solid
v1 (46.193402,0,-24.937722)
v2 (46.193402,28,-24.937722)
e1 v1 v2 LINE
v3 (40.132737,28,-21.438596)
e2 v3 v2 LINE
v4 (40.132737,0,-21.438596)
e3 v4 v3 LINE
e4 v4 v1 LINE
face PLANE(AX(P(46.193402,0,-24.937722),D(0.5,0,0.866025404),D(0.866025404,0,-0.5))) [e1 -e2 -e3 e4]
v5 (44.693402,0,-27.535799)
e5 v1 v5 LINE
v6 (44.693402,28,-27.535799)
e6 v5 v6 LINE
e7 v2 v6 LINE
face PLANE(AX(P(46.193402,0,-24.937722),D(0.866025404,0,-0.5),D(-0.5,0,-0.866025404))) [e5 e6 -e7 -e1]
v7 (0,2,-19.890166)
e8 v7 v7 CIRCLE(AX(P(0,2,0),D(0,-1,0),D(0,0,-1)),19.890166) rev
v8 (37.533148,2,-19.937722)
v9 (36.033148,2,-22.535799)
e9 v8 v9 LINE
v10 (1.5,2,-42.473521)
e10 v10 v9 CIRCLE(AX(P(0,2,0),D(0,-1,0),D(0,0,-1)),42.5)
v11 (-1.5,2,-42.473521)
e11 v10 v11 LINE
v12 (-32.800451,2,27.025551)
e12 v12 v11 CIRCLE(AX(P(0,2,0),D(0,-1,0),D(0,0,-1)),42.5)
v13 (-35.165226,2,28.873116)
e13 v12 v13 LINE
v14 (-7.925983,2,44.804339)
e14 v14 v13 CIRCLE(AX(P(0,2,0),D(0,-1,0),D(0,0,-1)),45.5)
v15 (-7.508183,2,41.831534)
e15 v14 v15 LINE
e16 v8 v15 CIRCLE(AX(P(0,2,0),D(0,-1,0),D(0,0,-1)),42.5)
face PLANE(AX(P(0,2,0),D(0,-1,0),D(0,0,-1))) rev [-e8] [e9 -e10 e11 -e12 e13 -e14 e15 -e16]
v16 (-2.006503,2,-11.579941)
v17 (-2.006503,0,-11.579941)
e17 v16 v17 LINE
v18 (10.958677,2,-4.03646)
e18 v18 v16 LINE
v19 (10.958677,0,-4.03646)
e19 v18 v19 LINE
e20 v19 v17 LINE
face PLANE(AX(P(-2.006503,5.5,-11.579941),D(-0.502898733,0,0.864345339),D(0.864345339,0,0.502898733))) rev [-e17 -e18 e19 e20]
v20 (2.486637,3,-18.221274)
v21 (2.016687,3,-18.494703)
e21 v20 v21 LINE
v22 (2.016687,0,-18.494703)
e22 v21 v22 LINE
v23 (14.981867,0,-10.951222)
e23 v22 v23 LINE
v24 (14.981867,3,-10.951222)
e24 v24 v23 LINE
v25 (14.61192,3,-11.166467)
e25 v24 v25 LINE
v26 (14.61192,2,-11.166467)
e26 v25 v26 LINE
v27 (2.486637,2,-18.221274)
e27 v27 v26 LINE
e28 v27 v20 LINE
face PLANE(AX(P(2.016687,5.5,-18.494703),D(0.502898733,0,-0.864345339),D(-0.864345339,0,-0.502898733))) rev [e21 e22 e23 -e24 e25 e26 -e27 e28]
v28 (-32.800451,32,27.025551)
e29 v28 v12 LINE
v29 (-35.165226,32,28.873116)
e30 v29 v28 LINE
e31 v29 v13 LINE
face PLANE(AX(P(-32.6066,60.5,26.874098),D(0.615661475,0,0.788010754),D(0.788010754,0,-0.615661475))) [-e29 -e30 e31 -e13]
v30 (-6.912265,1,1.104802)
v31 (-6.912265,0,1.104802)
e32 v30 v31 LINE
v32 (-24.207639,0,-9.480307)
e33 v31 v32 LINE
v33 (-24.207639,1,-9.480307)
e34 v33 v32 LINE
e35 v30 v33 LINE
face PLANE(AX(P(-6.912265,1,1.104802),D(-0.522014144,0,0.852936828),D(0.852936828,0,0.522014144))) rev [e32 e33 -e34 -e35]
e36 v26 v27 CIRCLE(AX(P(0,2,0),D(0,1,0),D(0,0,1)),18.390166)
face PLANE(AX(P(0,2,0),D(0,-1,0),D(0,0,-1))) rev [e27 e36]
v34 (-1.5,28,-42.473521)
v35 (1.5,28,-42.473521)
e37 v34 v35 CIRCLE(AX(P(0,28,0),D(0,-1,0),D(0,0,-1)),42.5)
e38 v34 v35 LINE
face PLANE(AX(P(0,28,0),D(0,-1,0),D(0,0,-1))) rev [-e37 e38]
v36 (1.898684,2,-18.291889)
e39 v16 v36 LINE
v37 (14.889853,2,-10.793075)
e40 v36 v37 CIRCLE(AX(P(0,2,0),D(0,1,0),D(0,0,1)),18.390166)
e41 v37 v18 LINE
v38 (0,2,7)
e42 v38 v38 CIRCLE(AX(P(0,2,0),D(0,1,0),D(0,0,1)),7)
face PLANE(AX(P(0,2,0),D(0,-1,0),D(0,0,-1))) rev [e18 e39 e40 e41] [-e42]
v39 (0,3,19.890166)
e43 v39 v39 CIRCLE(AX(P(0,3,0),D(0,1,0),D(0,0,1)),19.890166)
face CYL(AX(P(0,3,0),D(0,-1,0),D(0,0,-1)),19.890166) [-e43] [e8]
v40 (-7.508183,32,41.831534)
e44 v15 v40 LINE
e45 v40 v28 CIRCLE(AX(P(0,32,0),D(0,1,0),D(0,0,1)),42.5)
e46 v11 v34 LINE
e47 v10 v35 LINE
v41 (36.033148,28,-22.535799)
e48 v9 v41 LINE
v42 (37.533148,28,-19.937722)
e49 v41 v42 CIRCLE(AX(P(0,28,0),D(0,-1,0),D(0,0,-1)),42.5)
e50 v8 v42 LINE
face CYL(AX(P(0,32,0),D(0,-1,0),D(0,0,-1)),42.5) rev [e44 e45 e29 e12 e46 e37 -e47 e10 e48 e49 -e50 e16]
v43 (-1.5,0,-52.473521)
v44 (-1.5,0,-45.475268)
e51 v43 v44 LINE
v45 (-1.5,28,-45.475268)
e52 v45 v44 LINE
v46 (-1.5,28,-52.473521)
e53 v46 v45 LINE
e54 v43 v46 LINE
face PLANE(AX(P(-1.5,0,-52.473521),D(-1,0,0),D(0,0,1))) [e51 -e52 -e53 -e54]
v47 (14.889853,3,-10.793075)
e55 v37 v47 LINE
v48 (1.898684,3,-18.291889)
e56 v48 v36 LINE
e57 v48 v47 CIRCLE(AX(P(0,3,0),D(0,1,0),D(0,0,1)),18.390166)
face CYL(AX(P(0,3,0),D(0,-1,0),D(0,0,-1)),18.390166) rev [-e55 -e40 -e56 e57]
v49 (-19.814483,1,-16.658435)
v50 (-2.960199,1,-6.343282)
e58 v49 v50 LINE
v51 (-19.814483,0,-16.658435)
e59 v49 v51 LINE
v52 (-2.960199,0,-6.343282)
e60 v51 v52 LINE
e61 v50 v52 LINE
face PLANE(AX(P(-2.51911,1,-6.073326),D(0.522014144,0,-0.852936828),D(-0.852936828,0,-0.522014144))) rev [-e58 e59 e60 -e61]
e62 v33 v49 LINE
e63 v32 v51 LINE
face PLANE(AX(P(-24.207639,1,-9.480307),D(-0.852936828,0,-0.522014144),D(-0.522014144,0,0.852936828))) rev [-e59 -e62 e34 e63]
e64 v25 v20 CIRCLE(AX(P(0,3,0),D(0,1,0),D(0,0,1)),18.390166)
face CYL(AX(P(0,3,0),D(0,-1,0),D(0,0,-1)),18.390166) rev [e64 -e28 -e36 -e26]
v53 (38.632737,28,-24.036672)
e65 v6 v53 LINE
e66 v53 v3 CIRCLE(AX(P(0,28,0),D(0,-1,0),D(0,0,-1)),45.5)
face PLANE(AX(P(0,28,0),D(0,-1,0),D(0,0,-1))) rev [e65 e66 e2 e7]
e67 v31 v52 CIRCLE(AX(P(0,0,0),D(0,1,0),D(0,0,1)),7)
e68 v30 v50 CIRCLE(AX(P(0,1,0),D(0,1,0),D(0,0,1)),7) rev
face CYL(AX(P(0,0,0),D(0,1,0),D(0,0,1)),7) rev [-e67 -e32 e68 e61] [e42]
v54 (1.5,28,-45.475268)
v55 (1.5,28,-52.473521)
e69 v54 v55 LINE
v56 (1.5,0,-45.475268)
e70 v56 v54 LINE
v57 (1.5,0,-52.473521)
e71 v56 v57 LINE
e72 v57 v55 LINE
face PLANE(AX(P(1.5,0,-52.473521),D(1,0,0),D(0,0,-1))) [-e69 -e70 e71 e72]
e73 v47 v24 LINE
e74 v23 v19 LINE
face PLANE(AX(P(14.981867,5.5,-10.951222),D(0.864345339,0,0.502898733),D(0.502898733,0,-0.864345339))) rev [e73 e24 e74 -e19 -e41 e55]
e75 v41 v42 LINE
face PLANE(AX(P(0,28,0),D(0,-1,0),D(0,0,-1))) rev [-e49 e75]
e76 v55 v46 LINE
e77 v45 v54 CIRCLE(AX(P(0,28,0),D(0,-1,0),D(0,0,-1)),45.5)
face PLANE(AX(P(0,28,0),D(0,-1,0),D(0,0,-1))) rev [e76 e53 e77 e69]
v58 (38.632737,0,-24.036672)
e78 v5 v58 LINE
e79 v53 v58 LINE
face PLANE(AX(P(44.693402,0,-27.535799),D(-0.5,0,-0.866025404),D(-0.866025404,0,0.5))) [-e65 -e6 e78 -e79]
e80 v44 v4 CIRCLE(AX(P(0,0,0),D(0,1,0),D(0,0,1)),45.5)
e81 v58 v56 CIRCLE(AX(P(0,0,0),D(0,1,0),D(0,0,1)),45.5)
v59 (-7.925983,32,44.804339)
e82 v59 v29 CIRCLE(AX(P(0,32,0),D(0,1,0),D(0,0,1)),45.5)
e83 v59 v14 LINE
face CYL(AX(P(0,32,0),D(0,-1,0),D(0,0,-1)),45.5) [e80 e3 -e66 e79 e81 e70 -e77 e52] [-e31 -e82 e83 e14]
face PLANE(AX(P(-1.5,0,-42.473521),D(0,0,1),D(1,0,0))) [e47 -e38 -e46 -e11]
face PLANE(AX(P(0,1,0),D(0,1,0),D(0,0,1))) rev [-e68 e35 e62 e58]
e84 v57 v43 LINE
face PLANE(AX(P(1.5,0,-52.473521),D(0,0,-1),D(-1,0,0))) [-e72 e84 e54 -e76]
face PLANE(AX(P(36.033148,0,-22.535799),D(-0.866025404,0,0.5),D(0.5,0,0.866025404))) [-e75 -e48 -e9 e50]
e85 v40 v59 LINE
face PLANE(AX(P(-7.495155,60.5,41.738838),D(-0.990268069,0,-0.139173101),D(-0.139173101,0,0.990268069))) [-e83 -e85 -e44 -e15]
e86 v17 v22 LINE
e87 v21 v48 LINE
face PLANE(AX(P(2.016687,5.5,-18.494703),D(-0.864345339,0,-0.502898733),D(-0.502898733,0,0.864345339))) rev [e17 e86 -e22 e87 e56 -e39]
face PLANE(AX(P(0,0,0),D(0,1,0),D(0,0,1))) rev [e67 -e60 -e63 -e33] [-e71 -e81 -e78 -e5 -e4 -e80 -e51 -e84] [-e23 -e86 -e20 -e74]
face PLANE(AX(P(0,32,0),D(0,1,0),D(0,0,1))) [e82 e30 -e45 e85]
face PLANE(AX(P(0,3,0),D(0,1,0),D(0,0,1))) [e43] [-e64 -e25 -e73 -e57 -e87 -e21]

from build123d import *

# Parameters (mm, degrees)
SKETCH1_R                = 45.5
SKETCH1_R_2              = 42.5
BOSS_EXTRUDE1_DEPTH      = 32
SKETCH2_R                = 45.5
BOSS_EXTRUDE2_DEPTH      = 2
SKETCH3_R                = 7
CUT_EXTRUDE1_DEPTH       = 2
SKETCH7_W                = 3
SKETCH7_H                = 10
BOSS_EXTRUDE4_DEPTH      = 26
BOSS_EXTRUDE4_DEPTH_BACK = 2
SKETCH8_R                = 19.890165718
SKETCH8_R_2              = 18.390165718
BOSS_EXTRUDE5_DEPTH      = 1
CUT_EXTRUDE4_DEPTH       = 5.5
CUT_EXTRUDE5_DEPTH       = 58.5
CUT_EXTRUDE6_DEPTH       = 1


with BuildPart() as part:
    # Sketch1 → Boss-Extrude1 (new body)
    with BuildSketch(Plane(origin=(0, 0, 0), x_dir=(1, 0, 0), z_dir=(0, 1, 0))):
        Circle(SKETCH1_R)
        Circle(SKETCH1_R_2, mode=Mode.SUBTRACT)
    extrude(amount=BOSS_EXTRUDE1_DEPTH)

    # Sketch2 → Boss-Extrude2 (add)
    with BuildSketch(Plane.XZ):
        Circle(SKETCH2_R)
    extrude(amount=-BOSS_EXTRUDE2_DEPTH)

    # Sketch3 → Cut-Extrude1 (cut)
    with BuildSketch(Plane(origin=(0, 2, 0), x_dir=(1, 0, 0), z_dir=(0, 1, 0))):
        Circle(SKETCH3_R)
    extrude(amount=-CUT_EXTRUDE1_DEPTH, mode=Mode.SUBTRACT)

    # Sketch7 → Boss-Extrude4 (add, two sides)
    with BuildSketch(Plane(origin=(0, 2, 0), x_dir=(1, 0, 0), z_dir=(0, 1, 0))) as boss_extrude4_sk:
        with Locations((0, 47.473521163)):
            Rectangle(SKETCH7_W, SKETCH7_H)
        Polygon((46.193402353, 24.937722476), (37.533148315, 19.937722476), (36.033148315, 22.535798687), (44.693402353, 27.535798687), align=None)
    extrude(amount=BOSS_EXTRUDE4_DEPTH)
    extrude(boss_extrude4_sk.sketch, amount=-BOSS_EXTRUDE4_DEPTH_BACK)

    # Sketch8 → Boss-Extrude5 (add)
    with BuildSketch(Plane(origin=(0, 2, 0), x_dir=(1, 0, 0), z_dir=(0, 1, 0))):
        Circle(SKETCH8_R)
        Circle(SKETCH8_R_2, mode=Mode.SUBTRACT)
    extrude(amount=BOSS_EXTRUDE5_DEPTH)

    # Sketch10 → Cut-Extrude4 (cut)
    with BuildSketch(Plane.XZ):
        Polygon((2.016687189, -18.494703278), (14.981867268, -10.951222284), (10.958677405, -4.036459575), (-2.006502675, -11.579940569), align=None)
    extrude(amount=-CUT_EXTRUDE4_DEPTH, mode=Mode.SUBTRACT)

    # Sketch11 → Cut-Extrude5 (cut)
    with BuildSketch(Plane(origin=(0, 2, 0), x_dir=(1, 0, 0), z_dir=(0, 1, 0))):
        Polygon((-32.606600292, -26.874098434), (-35.165226496, -28.87311631), (-33.824988888, -37.754161376), (-11.7382848, -48.772412552), (-7.925983096, -44.804338986), (-7.495155029, -41.738838001), (-9.978475631, -35.419229659), (-25.965270809, -26.874098434), align=None)
    extrude(amount=CUT_EXTRUDE5_DEPTH, mode=Mode.SUBTRACT)

    # Sketch12 → Cut-Extrude6 (cut)
    with BuildSketch(Plane.XZ):
        Polygon((-6.912265346, 1.104802147), (-24.20763883, -9.480307189), (-19.814483018, -16.658435267), (-2.519109534, -6.073325931), align=None)
    extrude(amount=-CUT_EXTRUDE6_DEPTH, mode=Mode.SUBTRACT)


solid = part.part
